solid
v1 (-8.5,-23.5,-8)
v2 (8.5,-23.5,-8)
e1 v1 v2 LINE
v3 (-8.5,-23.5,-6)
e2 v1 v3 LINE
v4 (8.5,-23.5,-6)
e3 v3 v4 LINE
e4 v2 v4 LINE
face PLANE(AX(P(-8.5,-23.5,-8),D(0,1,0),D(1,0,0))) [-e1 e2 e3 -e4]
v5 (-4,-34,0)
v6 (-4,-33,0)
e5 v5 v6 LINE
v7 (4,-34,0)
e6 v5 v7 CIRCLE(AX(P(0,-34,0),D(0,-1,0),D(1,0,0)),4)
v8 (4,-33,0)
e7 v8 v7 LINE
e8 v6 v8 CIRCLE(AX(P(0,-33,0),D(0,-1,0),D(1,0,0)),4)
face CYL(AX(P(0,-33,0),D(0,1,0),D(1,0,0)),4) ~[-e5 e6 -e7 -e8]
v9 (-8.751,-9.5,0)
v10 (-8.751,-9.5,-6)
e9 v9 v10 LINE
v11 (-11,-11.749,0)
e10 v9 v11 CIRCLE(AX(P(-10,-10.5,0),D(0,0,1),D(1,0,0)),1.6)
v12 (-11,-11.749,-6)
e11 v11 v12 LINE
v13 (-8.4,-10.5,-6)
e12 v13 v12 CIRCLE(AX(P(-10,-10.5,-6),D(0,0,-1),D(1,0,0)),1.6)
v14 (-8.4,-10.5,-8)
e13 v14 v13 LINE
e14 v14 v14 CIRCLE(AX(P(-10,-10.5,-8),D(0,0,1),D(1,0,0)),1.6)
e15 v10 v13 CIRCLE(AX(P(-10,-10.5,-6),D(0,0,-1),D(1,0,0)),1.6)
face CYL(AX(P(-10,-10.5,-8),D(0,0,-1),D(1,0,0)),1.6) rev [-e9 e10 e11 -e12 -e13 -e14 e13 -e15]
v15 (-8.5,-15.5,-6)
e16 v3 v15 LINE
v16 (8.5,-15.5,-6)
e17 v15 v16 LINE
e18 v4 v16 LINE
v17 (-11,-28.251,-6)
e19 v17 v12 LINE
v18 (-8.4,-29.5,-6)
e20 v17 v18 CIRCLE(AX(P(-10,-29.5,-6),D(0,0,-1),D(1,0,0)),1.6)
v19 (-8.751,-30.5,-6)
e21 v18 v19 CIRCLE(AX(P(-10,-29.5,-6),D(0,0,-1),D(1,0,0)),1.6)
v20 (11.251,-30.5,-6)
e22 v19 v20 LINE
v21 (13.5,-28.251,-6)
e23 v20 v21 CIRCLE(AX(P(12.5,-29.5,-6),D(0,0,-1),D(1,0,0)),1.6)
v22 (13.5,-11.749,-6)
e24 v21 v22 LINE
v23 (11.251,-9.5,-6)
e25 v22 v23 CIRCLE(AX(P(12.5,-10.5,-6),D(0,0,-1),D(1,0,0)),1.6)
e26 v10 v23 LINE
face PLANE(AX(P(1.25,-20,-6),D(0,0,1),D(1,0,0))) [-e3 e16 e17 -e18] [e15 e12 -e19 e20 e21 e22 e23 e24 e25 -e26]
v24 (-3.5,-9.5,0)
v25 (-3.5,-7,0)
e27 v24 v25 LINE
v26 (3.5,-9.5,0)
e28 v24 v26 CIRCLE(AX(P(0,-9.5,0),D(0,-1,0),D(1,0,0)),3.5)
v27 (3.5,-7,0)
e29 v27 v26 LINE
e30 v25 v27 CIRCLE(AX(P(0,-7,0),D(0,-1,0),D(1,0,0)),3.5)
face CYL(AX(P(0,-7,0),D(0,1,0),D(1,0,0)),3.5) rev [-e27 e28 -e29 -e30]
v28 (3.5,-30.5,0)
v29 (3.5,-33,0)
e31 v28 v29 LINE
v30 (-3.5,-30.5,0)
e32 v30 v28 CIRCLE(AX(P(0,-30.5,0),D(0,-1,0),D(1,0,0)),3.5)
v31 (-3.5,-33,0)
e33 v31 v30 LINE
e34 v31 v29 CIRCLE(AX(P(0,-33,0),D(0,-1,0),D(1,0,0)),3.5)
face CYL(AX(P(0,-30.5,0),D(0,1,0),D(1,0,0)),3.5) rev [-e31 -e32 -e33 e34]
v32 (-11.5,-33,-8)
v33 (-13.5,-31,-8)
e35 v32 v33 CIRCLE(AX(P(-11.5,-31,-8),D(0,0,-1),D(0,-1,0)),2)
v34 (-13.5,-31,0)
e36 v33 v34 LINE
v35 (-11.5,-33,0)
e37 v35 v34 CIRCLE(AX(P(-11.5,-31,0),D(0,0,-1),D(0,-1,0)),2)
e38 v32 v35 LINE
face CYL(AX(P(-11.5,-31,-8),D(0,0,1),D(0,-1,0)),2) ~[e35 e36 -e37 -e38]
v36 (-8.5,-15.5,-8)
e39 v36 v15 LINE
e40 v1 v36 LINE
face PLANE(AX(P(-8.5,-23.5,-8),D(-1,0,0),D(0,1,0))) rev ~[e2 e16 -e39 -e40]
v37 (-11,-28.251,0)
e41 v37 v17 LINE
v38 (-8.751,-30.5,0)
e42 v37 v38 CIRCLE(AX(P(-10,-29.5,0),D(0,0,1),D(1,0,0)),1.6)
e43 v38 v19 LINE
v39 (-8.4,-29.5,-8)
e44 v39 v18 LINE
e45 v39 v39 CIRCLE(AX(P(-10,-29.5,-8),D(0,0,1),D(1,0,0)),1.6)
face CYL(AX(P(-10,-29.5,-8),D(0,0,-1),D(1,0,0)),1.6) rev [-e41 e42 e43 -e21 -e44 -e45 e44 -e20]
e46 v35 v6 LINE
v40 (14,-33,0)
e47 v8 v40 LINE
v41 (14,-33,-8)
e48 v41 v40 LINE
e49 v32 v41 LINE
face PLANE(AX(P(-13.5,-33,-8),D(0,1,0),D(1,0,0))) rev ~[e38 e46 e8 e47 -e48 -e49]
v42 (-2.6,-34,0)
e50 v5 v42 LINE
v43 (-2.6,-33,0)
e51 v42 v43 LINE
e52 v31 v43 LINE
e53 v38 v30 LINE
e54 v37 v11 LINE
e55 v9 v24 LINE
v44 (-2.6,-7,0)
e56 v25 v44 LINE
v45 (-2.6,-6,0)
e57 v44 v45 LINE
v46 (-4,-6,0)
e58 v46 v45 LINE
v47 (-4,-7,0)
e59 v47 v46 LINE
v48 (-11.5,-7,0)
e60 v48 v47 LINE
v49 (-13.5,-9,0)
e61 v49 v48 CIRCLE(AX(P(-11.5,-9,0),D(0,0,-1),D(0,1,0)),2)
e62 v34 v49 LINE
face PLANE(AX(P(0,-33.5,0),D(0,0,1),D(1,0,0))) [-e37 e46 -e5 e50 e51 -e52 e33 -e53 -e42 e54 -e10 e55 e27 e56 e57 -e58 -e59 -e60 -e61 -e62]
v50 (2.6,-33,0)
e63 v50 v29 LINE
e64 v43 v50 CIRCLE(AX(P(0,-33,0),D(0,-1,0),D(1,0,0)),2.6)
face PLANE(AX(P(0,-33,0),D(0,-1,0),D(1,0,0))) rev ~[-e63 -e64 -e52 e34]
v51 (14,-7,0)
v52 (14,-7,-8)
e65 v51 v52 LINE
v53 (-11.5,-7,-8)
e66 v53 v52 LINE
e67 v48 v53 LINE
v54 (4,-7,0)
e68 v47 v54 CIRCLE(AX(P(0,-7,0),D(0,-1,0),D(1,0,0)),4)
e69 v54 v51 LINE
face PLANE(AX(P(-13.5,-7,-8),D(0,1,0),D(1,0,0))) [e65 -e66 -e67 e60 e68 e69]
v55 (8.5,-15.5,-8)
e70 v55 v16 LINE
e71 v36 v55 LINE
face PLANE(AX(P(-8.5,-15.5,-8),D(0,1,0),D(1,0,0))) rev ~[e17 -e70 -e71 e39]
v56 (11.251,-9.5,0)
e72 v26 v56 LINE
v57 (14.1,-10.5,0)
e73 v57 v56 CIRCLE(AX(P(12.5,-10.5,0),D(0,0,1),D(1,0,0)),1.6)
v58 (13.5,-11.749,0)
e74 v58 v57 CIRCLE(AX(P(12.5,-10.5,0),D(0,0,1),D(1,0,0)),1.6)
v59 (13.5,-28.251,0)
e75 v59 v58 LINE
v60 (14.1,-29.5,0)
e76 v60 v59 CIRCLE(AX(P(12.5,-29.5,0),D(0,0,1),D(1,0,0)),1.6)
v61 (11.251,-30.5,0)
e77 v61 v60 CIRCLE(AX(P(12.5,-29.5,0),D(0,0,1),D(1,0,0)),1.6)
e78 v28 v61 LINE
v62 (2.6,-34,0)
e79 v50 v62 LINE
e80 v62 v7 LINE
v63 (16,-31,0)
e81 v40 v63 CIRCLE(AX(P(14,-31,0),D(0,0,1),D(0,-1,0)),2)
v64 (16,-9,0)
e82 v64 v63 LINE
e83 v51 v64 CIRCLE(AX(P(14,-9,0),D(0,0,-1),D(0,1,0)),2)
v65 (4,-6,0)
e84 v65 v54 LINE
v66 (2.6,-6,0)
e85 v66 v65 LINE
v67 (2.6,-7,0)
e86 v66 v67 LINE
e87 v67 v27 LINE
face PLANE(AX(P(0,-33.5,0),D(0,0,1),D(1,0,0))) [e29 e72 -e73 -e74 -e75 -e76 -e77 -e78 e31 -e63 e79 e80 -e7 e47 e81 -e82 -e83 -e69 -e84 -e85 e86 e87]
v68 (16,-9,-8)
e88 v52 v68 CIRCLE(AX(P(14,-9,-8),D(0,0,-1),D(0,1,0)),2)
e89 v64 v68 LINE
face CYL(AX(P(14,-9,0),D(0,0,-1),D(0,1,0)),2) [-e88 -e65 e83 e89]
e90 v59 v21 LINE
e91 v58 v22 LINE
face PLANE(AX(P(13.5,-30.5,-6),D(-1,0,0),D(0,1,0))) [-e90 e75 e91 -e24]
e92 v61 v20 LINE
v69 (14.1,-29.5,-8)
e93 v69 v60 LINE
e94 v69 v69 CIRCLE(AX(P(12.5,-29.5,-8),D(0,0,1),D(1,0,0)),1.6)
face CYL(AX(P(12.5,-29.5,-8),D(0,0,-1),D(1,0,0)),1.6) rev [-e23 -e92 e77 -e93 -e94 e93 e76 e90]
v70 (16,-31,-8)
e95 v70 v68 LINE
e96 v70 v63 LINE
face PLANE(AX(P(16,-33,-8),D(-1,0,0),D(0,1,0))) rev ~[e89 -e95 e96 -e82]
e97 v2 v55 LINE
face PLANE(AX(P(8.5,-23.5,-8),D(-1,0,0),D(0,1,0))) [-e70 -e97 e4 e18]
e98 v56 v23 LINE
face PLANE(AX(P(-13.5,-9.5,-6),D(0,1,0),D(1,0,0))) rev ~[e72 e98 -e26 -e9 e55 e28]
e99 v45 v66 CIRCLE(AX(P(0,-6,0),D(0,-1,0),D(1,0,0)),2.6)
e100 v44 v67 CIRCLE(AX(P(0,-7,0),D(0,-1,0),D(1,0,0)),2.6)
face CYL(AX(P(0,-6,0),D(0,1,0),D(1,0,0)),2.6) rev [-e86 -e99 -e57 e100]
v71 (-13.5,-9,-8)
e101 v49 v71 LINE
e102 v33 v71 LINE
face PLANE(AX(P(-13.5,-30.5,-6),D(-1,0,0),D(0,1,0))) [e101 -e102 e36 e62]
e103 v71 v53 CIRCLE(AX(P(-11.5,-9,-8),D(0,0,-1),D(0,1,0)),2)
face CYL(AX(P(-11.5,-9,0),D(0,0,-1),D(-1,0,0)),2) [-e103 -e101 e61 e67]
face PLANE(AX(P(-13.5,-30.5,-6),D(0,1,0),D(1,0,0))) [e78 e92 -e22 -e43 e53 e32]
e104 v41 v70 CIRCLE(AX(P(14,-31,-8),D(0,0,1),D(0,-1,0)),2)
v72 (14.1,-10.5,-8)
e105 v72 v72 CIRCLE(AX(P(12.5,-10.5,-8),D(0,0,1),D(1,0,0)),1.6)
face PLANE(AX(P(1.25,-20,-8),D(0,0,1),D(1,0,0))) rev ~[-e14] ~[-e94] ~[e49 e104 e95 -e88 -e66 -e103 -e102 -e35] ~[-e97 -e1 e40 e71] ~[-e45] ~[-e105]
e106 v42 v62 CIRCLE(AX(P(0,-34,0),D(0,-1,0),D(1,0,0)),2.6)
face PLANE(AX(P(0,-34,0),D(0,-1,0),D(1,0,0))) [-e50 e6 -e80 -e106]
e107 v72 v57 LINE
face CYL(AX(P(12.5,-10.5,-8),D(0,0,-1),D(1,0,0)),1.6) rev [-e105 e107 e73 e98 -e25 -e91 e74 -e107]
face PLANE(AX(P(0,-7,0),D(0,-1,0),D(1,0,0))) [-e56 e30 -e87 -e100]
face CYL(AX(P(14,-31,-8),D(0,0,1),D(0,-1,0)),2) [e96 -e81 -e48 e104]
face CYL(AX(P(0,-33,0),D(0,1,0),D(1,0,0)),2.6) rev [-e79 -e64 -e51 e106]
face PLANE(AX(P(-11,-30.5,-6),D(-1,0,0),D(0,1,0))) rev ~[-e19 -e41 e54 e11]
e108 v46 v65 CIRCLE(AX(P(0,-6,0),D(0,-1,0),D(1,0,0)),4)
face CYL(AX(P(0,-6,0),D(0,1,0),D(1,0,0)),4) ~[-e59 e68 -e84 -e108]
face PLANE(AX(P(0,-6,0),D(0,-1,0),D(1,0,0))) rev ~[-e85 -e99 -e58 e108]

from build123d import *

# Parameters (mm, degrees)
BOX_W             = 8
BOX_H             = 1
BOX_DEPTH         = 4
TUBE016_R         = 4
TUBE016_R_2       = 2.6
TUBE016_DEPTH     = 1
BOX067_W          = 8
BOX067_H          = 1
BOX067_DEPTH      = 4
TUBE019_R         = 4
TUBE019_R_2       = 2.6
TUBE019_DEPTH     = 1
BOX051_W          = 17
BOX051_H          = 8
BOX051_DEPTH      = 2
CYLINDER093_R     = 1.6
CYLINDER093_DEPTH = 8
CYLINDER094_R     = 1.6
CYLINDER094_DEPTH = 8
CYLINDER095_R     = 1.6
CYLINDER095_DEPTH = 8
CYLINDER092_R     = 1.6
CYLINDER092_DEPTH = 8
CYLINDER084_R     = 3.5
CYLINDER084_DEPTH = 2.5
BOX033_W          = 29.5
BOX033_H          = 2.5
BOX033_DEPTH      = 6
CYLINDER082_R     = 3.5
CYLINDER082_DEPTH = 2.5
BOX021_W          = 29.5
BOX021_H          = 2.5
BOX021_DEPTH      = 6
BOX022_W          = 29.5
BOX022_H          = 26
BOX022_DEPTH      = 2
BOX029_W          = 2.5
BOX029_H          = 21
BOX029_DEPTH      = 6
BOX036_W          = 2.5
BOX036_H          = 21
BOX036_DEPTH      = 6
FILLET006_R       = 2
FILLET007_R       = 2


with BuildPart() as cube:
    # Box → Box (new body)
    with BuildSketch(Plane(origin=(-4, -7, 0), x_dir=(1, 0, 0), z_dir=(0, 0, 1))):
        with Locations((4, 0.5)):
            Rectangle(BOX_W, BOX_H)
    extrude(amount=BOX_DEPTH)


with BuildPart() as cut068:
    # Tube016 → Tube016 (new body)
    with BuildSketch(Plane.XZ.offset(6)):
        Circle(TUBE016_R)
        Circle(TUBE016_R_2, mode=Mode.SUBTRACT)
    extrude(amount=TUBE016_DEPTH)

    # Cut068: cut Cube
    add(cube.part, mode=Mode.SUBTRACT)


with BuildPart() as cube067:
    # Box067 → Box067 (new body)
    with BuildSketch(Plane(origin=(-4, -34, 0), x_dir=(1, 0, 0), z_dir=(0, 0, 1))):
        with Locations((4, 0.5)):
            Rectangle(BOX067_W, BOX067_H)
    extrude(amount=BOX067_DEPTH)


with BuildPart() as cut071:
    # Tube019 → Tube019 (new body)
    with BuildSketch(Plane.XZ.offset(33)):
        Circle(TUBE019_R)
        Circle(TUBE019_R_2, mode=Mode.SUBTRACT)
    extrude(amount=TUBE019_DEPTH)

    # Cut071: cut Cube067
    add(cube067.part, mode=Mode.SUBTRACT)


with BuildPart() as cube051:
    # Box051 → Box051 (new body)
    with BuildSketch(Plane(origin=(-8.5, -49, -8), x_dir=(1, 0, 0), z_dir=(0, 0, 1))):
        with Locations((8.5, 4)):
            Rectangle(BOX051_W, BOX051_H)
    extrude(amount=BOX051_DEPTH)


with BuildPart() as cylinder093:
    # Cylinder093 → Cylinder093 (new body)
    with BuildSketch(Plane(origin=(-10, -55, 0), x_dir=(1, 0, 0), z_dir=(0, 0, 1))):
        Circle(CYLINDER093_R)
    extrude(amount=CYLINDER093_DEPTH)


with BuildPart() as cylinder094:
    # Cylinder094 → Cylinder094 (new body)
    with BuildSketch(Plane(origin=(12.5, -36, 0), x_dir=(1, 0, 0), z_dir=(0, 0, 1))):
        Circle(CYLINDER094_R)
    extrude(amount=CYLINDER094_DEPTH)


with BuildPart() as cylinder095:
    # Cylinder095 → Cylinder095 (new body)
    with BuildSketch(Plane(origin=(12.5, -55, 0), x_dir=(1, 0, 0), z_dir=(0, 0, 1))):
        Circle(CYLINDER095_R)
    extrude(amount=CYLINDER095_DEPTH)


with BuildPart() as fusion059:
    # Cylinder092 → Cylinder092 (new body)
    with BuildSketch(Plane(origin=(-10, -36, 0), x_dir=(1, 0, 0), z_dir=(0, 0, 1))):
        Circle(CYLINDER092_R)
    extrude(amount=CYLINDER092_DEPTH)

    # Fusion058: union Cylinder093, Cylinder094, Cylinder095
    add(cylinder093.part)
    add(cylinder094.part)
    add(cylinder095.part)


with BuildPart() as fusion059_1:
    # Fusion058 placement: moved
    add(fusion059.part.moved(Location((0, 0, -8))))

    # Fusion059: union Cube051
    add(cube051.part)


with BuildPart() as cylinder084:
    # Cylinder084 → Cylinder084 (new body)
    with BuildSketch(Plane.XZ.offset(55.5)):
        Circle(CYLINDER084_R)
    extrude(amount=CYLINDER084_DEPTH)


with BuildPart() as cut038:
    # Box033 → Box033 (new body)
    with BuildSketch(Plane(origin=(-13.5, -58, -6), x_dir=(1, 0, 0), z_dir=(0, 0, 1))):
        with Locations((14.75, 1.25)):
            Rectangle(BOX033_W, BOX033_H)
    extrude(amount=BOX033_DEPTH)

    # Cut038: cut Cylinder084
    add(cylinder084.part, mode=Mode.SUBTRACT)


with BuildPart() as cut038_1:
    # Cut038 placement: moved
    add(cut038.part.moved(Location((0, 23, 0))))


with BuildPart() as cylinder082:
    # Cylinder082 → Cylinder082 (new body)
    with BuildSketch(Plane.XZ.offset(55.5)):
        Circle(CYLINDER082_R)
    extrude(amount=CYLINDER082_DEPTH)


with BuildPart() as cut036:
    # Box021 → Box021 (new body)
    with BuildSketch(Plane(origin=(-13.5, -58, -6), x_dir=(1, 0, 0), z_dir=(0, 0, 1))):
        with Locations((14.75, 1.25)):
            Rectangle(BOX021_W, BOX021_H)
    extrude(amount=BOX021_DEPTH)

    # Cut036: cut Cylinder082
    add(cylinder082.part, mode=Mode.SUBTRACT)


with BuildPart() as cut036_1:
    # Cut036 placement: moved
    add(cut036.part.moved(Location((0, -0.5, 0))))


with BuildPart() as cube022:
    # Box022 → Box022 (new body)
    with BuildSketch(Plane(origin=(-13.5, -58.5, -8), x_dir=(1, 0, 0), z_dir=(0, 0, 1))):
        with Locations((14.75, 13)):
            Rectangle(BOX022_W, BOX022_H)
    extrude(amount=BOX022_DEPTH)


with BuildPart() as cube029:
    # Box029 → Box029 (new body)
    with BuildSketch(Plane(origin=(-13.5, -56, -6), x_dir=(1, 0, 0), z_dir=(0, 0, 1))):
        with Locations((1.25, 10.5)):
            Rectangle(BOX029_W, BOX029_H)
    extrude(amount=BOX029_DEPTH)


with BuildPart() as fillet007:
    # Box036 → Box036 (new body)
    with BuildSketch(Plane(origin=(13.5, -56, -6), x_dir=(1, 0, 0), z_dir=(0, 0, 1))):
        with Locations((1.25, 10.5)):
            Rectangle(BOX036_W, BOX036_H)
    extrude(amount=BOX036_DEPTH)

    # Fusion062: union Cut038, Cut036, Cube022, Cube029
    add(cut038_1.part)
    add(cut036_1.part)
    add(cube022.part)
    add(cube029.part)

    # Cut056: cut Fusion059
    add(fusion059_1.part, mode=Mode.SUBTRACT)


with BuildPart() as fillet007_1:
    # Cut056 placement: moved
    add(fillet007.part.moved(Location((0, 25.5, 0))))

    # Fusion084: union Cut068, Cut071
    add(cut068.part)
    add(cut071.part)

    # Fillet006
    fillet006_edges = [fillet007_1.edges().sort_by_distance(p)[0] for p in [
        (-13.5, -7, -3),
        (-13.5, -33, -3),
    ]]
    fillet(fillet006_edges, radius=FILLET006_R)

    # Fillet007
    fillet007_edges = [fillet007_1.edges().sort_by_distance(p)[0] for p in [
        (16, -33, -3),
        (16, -7, -3),
    ]]
    fillet(fillet007_edges, radius=FILLET007_R)


solid = fillet007_1.part
